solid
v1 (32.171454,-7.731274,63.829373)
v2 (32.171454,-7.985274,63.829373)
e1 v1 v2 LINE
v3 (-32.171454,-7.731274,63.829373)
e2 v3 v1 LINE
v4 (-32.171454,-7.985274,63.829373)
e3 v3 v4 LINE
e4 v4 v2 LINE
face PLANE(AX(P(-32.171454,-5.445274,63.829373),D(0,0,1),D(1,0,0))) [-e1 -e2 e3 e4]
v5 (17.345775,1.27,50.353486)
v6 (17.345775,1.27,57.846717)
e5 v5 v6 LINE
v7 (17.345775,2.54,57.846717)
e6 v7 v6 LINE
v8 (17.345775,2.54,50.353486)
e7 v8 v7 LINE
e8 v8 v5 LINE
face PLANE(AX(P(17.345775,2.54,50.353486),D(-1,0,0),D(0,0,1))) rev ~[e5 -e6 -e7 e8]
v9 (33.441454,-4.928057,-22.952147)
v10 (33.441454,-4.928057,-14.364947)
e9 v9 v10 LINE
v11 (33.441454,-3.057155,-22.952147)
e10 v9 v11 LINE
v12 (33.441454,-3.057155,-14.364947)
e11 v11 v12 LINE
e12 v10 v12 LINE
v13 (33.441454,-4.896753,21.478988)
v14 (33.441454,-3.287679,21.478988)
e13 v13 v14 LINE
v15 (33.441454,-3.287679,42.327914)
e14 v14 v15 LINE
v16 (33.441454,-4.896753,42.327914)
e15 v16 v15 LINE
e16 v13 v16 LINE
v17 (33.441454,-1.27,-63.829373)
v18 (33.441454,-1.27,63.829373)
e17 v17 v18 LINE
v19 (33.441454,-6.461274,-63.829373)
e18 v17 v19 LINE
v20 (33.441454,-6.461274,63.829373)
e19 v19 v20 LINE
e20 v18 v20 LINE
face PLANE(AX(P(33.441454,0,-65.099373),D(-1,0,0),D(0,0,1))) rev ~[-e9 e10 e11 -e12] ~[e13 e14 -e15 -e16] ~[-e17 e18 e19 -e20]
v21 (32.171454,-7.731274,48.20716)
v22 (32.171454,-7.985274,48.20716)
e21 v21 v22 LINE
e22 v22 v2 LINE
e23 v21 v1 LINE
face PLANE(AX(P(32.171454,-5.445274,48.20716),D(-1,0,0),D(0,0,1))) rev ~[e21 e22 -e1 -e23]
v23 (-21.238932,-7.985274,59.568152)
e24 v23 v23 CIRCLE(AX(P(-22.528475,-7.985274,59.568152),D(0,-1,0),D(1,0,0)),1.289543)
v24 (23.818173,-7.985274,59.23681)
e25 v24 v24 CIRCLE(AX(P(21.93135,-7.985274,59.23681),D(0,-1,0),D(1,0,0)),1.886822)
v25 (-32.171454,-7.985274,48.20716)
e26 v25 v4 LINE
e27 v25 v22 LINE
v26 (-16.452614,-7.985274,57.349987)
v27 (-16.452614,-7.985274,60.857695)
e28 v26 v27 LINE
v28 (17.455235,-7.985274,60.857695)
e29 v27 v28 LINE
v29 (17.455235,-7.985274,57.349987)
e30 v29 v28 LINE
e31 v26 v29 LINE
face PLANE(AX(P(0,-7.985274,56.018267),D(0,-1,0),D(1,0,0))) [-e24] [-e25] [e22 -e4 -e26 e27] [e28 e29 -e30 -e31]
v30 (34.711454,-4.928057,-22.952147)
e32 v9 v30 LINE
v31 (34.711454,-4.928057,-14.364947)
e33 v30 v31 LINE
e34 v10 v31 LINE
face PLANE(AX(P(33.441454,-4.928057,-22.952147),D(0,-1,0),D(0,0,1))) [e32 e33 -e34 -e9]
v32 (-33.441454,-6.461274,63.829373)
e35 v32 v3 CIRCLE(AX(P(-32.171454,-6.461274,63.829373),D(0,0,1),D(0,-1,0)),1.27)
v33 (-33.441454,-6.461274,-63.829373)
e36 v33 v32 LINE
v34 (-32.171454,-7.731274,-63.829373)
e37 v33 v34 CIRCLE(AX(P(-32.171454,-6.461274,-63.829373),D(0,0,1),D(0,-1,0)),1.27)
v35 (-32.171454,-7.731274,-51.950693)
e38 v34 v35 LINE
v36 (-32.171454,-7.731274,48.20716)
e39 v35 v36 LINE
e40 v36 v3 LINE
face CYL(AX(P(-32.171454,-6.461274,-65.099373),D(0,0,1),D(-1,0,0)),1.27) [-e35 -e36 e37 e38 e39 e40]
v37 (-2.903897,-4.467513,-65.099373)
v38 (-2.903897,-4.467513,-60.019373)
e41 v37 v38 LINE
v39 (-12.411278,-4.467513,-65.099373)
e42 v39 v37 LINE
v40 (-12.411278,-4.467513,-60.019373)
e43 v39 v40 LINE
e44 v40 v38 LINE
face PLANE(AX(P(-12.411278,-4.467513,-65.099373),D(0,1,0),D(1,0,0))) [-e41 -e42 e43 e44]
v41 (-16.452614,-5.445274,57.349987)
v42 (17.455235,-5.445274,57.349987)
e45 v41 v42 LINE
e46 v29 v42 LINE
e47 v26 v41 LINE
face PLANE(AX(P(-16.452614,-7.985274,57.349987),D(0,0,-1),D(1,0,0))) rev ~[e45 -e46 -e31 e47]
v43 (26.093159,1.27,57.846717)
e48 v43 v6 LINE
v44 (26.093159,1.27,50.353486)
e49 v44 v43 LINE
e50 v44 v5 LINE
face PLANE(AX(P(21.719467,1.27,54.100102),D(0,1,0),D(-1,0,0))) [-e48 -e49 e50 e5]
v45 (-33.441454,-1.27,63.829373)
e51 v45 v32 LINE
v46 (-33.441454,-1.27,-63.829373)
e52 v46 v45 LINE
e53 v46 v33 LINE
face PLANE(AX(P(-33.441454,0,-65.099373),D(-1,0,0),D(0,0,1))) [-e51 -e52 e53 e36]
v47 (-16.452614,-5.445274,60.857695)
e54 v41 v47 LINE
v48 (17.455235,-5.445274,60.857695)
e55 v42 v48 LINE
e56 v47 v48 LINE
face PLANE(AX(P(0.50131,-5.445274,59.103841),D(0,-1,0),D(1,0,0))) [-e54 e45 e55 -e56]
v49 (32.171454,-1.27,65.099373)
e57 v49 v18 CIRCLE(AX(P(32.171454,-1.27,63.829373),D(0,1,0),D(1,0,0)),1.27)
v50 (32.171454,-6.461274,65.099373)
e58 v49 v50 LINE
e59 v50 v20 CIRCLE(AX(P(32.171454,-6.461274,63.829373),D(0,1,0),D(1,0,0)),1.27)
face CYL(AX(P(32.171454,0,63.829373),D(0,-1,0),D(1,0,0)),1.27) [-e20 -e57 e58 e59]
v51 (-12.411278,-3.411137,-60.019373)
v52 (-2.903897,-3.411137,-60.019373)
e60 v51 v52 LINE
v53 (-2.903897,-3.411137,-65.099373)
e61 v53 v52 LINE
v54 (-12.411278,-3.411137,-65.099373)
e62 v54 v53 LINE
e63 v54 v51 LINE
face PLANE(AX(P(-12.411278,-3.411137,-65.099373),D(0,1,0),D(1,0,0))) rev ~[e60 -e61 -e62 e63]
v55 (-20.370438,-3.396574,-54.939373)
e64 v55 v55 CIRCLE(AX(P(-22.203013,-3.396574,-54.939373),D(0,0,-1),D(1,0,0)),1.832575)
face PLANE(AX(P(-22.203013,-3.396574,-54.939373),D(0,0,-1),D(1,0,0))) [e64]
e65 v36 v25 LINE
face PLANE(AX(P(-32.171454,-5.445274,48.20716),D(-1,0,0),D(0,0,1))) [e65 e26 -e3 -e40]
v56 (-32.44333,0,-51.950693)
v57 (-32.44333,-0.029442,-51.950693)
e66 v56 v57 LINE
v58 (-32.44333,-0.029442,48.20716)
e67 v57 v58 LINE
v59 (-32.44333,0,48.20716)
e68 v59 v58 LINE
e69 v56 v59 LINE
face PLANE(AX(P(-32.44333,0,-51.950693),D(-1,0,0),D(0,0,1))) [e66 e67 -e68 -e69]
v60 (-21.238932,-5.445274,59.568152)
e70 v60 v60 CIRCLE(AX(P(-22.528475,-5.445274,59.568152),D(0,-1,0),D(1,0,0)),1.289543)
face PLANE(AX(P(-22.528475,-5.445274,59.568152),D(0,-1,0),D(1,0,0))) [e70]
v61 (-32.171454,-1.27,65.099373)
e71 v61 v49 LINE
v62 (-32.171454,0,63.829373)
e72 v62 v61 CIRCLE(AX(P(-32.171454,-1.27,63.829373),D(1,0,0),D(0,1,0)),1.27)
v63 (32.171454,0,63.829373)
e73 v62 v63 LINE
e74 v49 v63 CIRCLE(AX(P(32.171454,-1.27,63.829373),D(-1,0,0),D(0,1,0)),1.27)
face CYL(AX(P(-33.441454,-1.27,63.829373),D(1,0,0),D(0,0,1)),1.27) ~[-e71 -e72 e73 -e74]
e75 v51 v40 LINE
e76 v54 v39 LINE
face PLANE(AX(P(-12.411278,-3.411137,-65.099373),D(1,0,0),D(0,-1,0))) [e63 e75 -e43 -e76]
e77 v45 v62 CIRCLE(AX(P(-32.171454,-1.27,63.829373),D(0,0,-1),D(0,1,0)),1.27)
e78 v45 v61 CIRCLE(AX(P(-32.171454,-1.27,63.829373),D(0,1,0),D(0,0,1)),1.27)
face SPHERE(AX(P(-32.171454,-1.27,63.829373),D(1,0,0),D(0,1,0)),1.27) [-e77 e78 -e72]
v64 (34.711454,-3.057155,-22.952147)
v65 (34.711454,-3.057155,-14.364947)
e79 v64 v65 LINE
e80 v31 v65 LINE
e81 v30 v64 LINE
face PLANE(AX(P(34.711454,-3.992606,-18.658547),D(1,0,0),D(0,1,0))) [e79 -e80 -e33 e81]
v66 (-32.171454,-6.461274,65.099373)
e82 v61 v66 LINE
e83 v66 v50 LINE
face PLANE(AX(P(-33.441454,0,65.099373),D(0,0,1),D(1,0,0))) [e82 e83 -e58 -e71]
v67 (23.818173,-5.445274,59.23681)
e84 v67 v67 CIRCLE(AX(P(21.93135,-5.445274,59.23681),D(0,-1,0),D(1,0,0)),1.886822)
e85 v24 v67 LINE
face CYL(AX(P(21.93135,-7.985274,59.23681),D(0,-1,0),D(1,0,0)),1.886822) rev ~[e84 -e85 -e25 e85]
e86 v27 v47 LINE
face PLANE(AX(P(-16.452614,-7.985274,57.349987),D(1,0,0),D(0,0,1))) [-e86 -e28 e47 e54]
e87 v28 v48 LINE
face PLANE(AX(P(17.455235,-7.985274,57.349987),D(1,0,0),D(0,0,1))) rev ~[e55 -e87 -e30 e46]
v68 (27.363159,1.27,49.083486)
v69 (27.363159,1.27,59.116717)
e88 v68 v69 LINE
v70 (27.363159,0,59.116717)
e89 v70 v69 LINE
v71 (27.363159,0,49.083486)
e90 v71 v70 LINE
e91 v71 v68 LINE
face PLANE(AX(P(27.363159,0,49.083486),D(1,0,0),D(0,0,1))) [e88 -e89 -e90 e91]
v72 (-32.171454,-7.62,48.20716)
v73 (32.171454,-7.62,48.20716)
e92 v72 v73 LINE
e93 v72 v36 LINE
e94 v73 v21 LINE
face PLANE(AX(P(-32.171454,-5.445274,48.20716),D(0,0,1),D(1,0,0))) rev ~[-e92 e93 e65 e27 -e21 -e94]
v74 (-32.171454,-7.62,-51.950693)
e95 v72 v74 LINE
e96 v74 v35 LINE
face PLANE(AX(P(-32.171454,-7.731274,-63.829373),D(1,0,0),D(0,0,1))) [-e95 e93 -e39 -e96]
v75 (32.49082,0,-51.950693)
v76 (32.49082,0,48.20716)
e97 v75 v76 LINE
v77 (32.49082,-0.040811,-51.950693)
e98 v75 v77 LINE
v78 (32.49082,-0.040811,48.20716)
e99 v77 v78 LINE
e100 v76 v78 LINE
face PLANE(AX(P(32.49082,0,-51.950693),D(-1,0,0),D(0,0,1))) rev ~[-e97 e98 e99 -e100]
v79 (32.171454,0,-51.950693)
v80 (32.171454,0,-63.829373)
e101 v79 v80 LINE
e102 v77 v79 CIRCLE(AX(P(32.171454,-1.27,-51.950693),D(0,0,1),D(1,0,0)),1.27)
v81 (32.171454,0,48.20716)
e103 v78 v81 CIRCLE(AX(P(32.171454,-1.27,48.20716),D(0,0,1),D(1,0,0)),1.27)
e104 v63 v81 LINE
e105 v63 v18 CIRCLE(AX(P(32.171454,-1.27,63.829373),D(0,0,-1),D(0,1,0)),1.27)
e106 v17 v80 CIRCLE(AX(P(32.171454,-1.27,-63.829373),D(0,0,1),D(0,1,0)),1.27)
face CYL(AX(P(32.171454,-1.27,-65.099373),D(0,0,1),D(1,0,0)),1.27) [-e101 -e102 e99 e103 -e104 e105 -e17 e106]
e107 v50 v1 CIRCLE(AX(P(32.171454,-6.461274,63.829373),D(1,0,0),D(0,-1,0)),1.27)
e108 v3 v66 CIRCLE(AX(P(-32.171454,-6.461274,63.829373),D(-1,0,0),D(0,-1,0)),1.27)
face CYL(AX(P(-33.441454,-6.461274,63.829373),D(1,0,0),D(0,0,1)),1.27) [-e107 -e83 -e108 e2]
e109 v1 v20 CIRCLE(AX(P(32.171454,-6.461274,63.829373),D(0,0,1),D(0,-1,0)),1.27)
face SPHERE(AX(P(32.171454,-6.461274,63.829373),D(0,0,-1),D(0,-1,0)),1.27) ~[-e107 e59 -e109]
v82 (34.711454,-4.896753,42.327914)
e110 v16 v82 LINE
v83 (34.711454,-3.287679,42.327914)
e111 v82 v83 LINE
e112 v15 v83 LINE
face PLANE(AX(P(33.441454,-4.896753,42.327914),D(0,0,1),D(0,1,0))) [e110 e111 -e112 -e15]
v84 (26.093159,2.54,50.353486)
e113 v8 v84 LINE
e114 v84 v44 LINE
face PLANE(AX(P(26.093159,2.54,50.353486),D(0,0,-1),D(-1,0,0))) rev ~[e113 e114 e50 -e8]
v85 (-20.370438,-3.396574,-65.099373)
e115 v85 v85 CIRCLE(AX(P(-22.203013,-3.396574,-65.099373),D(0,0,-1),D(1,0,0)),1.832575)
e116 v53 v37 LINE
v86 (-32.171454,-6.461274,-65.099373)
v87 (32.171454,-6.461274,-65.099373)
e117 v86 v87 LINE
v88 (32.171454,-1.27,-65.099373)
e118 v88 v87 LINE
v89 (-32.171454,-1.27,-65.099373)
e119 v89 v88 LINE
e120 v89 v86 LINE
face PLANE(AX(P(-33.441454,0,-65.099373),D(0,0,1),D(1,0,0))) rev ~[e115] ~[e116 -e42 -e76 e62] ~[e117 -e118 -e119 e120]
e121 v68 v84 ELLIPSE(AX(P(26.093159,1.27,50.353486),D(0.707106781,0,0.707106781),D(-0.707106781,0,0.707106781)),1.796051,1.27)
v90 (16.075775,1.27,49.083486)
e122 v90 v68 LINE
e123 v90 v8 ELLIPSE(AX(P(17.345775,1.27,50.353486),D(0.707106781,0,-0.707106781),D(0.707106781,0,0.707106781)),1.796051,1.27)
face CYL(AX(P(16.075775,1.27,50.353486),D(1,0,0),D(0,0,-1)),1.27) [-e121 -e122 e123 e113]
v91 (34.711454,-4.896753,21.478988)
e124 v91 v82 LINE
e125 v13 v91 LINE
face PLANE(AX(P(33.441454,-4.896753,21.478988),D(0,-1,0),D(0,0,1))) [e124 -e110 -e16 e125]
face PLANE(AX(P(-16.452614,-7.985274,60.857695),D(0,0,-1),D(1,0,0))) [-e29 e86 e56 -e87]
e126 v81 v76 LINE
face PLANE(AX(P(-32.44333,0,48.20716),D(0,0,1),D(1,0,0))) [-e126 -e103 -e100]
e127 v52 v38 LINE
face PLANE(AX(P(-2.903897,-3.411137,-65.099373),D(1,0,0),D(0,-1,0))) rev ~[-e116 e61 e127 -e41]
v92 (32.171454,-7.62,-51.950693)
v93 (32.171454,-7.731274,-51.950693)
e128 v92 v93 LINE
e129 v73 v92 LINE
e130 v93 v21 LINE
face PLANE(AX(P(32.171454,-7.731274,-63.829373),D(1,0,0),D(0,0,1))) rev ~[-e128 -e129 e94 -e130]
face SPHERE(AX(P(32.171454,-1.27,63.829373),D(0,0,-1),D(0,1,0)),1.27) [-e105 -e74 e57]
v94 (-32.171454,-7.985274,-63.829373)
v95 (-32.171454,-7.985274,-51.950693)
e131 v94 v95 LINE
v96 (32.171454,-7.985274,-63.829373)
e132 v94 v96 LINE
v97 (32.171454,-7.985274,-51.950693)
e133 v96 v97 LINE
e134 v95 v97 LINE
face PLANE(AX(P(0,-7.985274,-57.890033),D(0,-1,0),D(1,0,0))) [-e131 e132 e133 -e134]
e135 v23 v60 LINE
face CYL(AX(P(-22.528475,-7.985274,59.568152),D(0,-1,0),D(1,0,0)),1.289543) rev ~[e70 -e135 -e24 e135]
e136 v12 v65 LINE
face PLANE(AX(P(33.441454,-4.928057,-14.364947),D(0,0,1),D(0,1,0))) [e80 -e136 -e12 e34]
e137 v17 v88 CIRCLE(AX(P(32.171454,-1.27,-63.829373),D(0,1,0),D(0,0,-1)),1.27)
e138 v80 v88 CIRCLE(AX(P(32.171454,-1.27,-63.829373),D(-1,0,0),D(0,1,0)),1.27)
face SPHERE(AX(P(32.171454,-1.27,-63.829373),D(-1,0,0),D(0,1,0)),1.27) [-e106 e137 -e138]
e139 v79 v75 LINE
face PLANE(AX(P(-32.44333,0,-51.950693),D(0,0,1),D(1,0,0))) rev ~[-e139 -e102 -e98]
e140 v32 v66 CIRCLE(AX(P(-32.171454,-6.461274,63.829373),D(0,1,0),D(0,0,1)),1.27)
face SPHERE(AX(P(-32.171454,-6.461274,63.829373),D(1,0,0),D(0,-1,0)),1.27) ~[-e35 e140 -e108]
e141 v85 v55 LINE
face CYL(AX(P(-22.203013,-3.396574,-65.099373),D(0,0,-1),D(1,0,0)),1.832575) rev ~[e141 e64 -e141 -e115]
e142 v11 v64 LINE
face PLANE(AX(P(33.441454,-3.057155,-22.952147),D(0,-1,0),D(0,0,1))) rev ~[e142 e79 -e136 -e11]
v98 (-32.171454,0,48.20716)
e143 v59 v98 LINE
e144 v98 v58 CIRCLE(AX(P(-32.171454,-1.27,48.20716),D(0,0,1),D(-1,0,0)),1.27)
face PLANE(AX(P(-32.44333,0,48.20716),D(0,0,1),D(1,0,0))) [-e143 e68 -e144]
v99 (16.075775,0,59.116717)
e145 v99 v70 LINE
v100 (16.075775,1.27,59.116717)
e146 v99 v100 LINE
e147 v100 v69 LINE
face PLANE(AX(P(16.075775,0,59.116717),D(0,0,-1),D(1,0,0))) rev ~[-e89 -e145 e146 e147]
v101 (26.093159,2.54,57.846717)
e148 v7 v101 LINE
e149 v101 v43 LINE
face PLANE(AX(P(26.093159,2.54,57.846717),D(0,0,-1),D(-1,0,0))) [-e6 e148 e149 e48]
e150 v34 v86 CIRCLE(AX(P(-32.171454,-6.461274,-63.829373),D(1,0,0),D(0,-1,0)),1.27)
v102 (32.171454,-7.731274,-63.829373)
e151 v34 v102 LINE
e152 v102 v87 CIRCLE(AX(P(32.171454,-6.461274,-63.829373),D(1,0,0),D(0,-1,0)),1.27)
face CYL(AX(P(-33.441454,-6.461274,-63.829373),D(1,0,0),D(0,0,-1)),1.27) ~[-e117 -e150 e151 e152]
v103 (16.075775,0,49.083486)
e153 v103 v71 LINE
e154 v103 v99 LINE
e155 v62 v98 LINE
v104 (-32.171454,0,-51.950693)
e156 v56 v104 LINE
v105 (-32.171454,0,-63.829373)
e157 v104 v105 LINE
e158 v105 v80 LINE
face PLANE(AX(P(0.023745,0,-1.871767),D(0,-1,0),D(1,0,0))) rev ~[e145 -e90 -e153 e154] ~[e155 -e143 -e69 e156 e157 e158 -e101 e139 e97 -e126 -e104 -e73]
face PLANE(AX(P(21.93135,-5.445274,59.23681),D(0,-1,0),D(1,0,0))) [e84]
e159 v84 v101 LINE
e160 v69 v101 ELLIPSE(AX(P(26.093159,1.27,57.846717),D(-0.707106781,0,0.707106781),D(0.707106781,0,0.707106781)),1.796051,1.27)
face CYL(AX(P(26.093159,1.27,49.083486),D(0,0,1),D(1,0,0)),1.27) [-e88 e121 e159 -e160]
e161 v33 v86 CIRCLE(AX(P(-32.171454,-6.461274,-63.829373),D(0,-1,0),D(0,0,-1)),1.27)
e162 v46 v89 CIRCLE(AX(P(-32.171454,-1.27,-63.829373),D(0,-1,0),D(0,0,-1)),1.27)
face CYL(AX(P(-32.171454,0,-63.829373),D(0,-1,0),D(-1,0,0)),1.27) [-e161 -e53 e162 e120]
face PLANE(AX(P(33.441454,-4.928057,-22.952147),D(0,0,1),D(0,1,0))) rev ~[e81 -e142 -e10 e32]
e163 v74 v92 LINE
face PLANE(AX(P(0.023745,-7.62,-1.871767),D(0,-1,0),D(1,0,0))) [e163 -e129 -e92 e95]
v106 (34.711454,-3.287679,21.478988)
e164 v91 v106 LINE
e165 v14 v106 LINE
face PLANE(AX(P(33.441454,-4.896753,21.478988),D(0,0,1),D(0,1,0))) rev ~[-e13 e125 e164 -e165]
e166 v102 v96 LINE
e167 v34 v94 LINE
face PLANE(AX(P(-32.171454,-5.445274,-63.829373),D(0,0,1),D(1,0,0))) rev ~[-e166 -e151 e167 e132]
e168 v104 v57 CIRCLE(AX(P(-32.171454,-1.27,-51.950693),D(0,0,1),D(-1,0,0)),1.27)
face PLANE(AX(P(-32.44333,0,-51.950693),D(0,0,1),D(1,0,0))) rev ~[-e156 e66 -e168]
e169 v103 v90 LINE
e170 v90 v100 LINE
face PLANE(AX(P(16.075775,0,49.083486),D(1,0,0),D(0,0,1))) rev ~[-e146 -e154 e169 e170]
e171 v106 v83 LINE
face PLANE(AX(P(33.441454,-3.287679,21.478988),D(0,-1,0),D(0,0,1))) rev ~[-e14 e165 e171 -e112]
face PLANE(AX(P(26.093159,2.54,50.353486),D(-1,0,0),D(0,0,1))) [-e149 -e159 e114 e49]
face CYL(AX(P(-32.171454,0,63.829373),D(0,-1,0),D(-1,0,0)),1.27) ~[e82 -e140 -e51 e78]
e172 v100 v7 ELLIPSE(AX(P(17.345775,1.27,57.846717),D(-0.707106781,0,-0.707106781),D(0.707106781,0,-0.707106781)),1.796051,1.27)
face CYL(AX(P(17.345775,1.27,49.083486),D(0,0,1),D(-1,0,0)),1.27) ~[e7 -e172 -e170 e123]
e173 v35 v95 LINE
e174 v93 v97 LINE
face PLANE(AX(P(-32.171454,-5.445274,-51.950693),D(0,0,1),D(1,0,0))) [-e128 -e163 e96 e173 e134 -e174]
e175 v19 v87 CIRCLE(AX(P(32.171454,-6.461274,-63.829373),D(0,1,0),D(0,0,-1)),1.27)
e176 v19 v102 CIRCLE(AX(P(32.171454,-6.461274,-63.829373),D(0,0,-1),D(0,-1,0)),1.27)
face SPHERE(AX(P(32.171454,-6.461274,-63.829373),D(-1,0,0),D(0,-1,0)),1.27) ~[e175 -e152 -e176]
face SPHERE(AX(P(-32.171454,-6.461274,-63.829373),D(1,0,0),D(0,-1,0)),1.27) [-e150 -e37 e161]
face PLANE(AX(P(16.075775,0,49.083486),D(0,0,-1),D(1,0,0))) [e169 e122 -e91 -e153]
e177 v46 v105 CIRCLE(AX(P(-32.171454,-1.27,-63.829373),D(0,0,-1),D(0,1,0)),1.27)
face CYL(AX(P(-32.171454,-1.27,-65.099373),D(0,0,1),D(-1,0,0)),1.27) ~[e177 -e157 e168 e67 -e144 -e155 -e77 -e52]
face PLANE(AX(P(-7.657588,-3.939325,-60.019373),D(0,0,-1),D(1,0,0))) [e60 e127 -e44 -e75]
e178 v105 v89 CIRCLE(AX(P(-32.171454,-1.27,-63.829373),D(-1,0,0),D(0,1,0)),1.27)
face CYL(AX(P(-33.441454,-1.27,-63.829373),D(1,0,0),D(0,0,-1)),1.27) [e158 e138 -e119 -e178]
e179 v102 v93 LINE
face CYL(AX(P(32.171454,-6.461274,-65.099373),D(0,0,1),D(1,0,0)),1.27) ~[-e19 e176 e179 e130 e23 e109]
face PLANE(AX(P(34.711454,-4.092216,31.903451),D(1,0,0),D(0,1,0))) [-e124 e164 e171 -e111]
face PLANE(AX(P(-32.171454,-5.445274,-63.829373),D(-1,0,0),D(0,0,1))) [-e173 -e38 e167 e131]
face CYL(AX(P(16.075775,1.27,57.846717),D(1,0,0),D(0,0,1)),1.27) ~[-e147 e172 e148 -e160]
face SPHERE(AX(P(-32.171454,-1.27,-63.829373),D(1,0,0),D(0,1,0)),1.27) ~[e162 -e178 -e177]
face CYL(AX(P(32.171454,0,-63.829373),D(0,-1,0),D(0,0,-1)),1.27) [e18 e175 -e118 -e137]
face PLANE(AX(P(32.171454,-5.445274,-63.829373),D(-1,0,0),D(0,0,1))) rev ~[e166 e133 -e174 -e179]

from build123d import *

# Parameters (mm, degrees)
F0_W      = 66.8829083443
F0_H      = 130.1987469196
F1_DEPTH  = 7.7312737703
F2_R      = 1.27
F3_W      = 65.0993585587
F3_H      = 100.7702499628
F1_FACE_W = 64.3429083443
F1_FACE_H = 127.6587469196
F4_DEPTH  = 2.286
F5_W      = 64.9341493845
F5_H      = 100.1578532159
F6_DEPTH  = 7.62
F7_W      = 64.3429083443
F7_H      = 15.6222133744
F8_DEPTH  = 2.54
F9_W      = 33.9078493416
F9_H      = 3.507707268
F9_R      = 1.2895427644
F9_R_2    = 1.8868222833
F10_DEPTH = 2.54
F11_DEPTH = 2.54
F12_W     = 64.3429083443
F12_H     = 11.8786803293
F13_DEPTH = 2.54
F14_W     = 11.2873837352
F14_H     = 10.0332312286
F15_DEPTH = 2.54
F16_R     = 1.27
F17_W     = 8.7473837352
F17_H     = 7.4932312286
F18_DEPTH = 1.27
F19_R     = 1.8325750533
F20_DEPTH = 10.16
F21_W     = 9.5073804259
F21_H     = 1.0563768446
F22_DEPTH = 5.08
F23_W     = 1.6090744175
F23_H     = 20.8489261568
F23_W_2   = 1.8709015567
F23_H_2   = 8.5872001946
F24_DEPTH = 1.27


with BuildPart() as f1:
    # F0 (on Front) → F1 (new body)
    with BuildSketch(Plane.XZ):
        Rectangle(F0_W, F0_H)
    extrude(amount=F1_DEPTH)

    # F2
    f2_edges = [f1.edges().sort_by_distance(p)[0] for p in [
        (0, -7.731274, -65.099373),
        (33.441454, -7.731274, 0),
        (0, -7.731274, 65.099373),
        (-33.441454, -7.731274, 0),
        (0, 0, -65.099373),
        (33.441454, 0, 0),
        (0, 0, 65.099373),
        (-33.441454, 0, 0),
        (-33.441454, -3.865637, 65.099373),
        (33.441454, -3.865637, -65.099373),
        (33.441454, -3.865637, 65.099373),
        (-33.441454, -3.865637, -65.099373),
    ]]
    fillet(f2_edges, radius=F2_R)

    # F3 (on Front) + F1_face (on face) → F4 (cut)
    with BuildSketch(Plane.XZ):
        with Locations((0, -7.4506e-06)):
            Rectangle(F3_W, F3_H)
    with BuildSketch(Plane.XZ.offset(7.7312737703)):
        Rectangle(F1_FACE_W, F1_FACE_H)
    extrude(amount=-F4_DEPTH, mode=Mode.SUBTRACT)

    # F5 (on Front) → F6 (join)
    with BuildSketch(Plane.XZ):
        with Locations((0.0237450004, -1.8717665225)):
            Rectangle(F5_W, F5_H)
    extrude(amount=F6_DEPTH)

    # F7 (on face) → F8 (join)
    with BuildSketch(Plane.XZ.offset(5.4452737703)):
        with Locations((0, 56.0182667726)):
            Rectangle(F7_W, F7_H)
    extrude(amount=F8_DEPTH)

    # F9 (on face) → F10 (cut)
    with BuildSketch(Plane.XZ.offset(7.9852737703)):
        with Locations((0.5013104528, 59.1038409621)):
            Rectangle(F9_W, F9_H)
        with Locations((-22.5284751505, 59.5681518316)):
            Circle(F9_R)
        with Locations((21.9313502312, 59.2368096113)):
            Circle(F9_R_2)
    extrude(amount=-F10_DEPTH, mode=Mode.SUBTRACT)

    # F9 (on face) → F11 (cut)
    with BuildSketch(Plane.XZ.offset(7.9852737703)):
        with Locations((0.5013104528, 59.1038409621)):
            Rectangle(F9_W, F9_H)
        with Locations((-22.5284751505, 59.5681518316)):
            Circle(F9_R)
        with Locations((21.9313502312, 59.2368096113)):
            Circle(F9_R_2)
    extrude(amount=-F11_DEPTH, mode=Mode.SUBTRACT)

    # F12 (on face) → F13 (join)
    with BuildSketch(Plane.XZ.offset(5.4452737703)):
        with Locations((0, -57.8900332952)):
            Rectangle(F12_W, F12_H)
    extrude(amount=F13_DEPTH)

    # F14 (on face) → F15 (join)
    with BuildSketch(Plane.XZ):
        with Locations((21.7194668949, 54.1001018137)):
            Rectangle(F14_W, F14_H)
    extrude(amount=-F15_DEPTH)

    # F16
    f16_edges = [f1.edges().sort_by_distance(p)[0] for p in [
        (27.363159, 2.54, 54.100102),
        (21.719467, 2.54, 59.116717),
        (16.075775, 2.54, 54.100102),
        (21.719467, 2.54, 49.083486),
    ]]
    fillet(f16_edges, radius=F16_R)

    # F17 (on face) → F18 (cut)
    with BuildSketch(Plane(origin=(0, 2.54, 0), x_dir=(-1, 0, 0), z_dir=(0, 1, 0))):
        with Locations((-21.7194668949, 54.1001018137)):
            Rectangle(F17_W, F17_H)
    extrude(amount=-F18_DEPTH, mode=Mode.SUBTRACT)

    # F19 (on face) → F20 (cut)
    with BuildSketch(Plane(origin=(0, 0, -65.0993734598), x_dir=(1, 0, 0), z_dir=(0, 0, -1))):
        with Locations((-22.2030133009, 3.3965744078)):
            Circle(F19_R)
    extrude(amount=-F20_DEPTH, mode=Mode.SUBTRACT)

    # F21 (on face) → F22 (cut)
    with BuildSketch(Plane(origin=(0, 0, -65.0993734598), x_dir=(1, 0, 0), z_dir=(0, 0, -1))):
        with Locations((-7.6575875282, 3.9393249899)):
            Rectangle(F21_W, F21_H)
    extrude(amount=-F22_DEPTH, mode=Mode.SUBTRACT)

    # F23 (on face) → F24 (join)
    with BuildSketch(Plane.YZ.offset(33.4414541721)):
        with Locations((-4.0922162589, 31.9034513086)):
            Rectangle(F23_W, F23_H)
        with Locations((-3.992605838, -18.6585467309)):
            Rectangle(F23_W_2, F23_H_2)
    extrude(amount=F24_DEPTH)


solid = f1.part
